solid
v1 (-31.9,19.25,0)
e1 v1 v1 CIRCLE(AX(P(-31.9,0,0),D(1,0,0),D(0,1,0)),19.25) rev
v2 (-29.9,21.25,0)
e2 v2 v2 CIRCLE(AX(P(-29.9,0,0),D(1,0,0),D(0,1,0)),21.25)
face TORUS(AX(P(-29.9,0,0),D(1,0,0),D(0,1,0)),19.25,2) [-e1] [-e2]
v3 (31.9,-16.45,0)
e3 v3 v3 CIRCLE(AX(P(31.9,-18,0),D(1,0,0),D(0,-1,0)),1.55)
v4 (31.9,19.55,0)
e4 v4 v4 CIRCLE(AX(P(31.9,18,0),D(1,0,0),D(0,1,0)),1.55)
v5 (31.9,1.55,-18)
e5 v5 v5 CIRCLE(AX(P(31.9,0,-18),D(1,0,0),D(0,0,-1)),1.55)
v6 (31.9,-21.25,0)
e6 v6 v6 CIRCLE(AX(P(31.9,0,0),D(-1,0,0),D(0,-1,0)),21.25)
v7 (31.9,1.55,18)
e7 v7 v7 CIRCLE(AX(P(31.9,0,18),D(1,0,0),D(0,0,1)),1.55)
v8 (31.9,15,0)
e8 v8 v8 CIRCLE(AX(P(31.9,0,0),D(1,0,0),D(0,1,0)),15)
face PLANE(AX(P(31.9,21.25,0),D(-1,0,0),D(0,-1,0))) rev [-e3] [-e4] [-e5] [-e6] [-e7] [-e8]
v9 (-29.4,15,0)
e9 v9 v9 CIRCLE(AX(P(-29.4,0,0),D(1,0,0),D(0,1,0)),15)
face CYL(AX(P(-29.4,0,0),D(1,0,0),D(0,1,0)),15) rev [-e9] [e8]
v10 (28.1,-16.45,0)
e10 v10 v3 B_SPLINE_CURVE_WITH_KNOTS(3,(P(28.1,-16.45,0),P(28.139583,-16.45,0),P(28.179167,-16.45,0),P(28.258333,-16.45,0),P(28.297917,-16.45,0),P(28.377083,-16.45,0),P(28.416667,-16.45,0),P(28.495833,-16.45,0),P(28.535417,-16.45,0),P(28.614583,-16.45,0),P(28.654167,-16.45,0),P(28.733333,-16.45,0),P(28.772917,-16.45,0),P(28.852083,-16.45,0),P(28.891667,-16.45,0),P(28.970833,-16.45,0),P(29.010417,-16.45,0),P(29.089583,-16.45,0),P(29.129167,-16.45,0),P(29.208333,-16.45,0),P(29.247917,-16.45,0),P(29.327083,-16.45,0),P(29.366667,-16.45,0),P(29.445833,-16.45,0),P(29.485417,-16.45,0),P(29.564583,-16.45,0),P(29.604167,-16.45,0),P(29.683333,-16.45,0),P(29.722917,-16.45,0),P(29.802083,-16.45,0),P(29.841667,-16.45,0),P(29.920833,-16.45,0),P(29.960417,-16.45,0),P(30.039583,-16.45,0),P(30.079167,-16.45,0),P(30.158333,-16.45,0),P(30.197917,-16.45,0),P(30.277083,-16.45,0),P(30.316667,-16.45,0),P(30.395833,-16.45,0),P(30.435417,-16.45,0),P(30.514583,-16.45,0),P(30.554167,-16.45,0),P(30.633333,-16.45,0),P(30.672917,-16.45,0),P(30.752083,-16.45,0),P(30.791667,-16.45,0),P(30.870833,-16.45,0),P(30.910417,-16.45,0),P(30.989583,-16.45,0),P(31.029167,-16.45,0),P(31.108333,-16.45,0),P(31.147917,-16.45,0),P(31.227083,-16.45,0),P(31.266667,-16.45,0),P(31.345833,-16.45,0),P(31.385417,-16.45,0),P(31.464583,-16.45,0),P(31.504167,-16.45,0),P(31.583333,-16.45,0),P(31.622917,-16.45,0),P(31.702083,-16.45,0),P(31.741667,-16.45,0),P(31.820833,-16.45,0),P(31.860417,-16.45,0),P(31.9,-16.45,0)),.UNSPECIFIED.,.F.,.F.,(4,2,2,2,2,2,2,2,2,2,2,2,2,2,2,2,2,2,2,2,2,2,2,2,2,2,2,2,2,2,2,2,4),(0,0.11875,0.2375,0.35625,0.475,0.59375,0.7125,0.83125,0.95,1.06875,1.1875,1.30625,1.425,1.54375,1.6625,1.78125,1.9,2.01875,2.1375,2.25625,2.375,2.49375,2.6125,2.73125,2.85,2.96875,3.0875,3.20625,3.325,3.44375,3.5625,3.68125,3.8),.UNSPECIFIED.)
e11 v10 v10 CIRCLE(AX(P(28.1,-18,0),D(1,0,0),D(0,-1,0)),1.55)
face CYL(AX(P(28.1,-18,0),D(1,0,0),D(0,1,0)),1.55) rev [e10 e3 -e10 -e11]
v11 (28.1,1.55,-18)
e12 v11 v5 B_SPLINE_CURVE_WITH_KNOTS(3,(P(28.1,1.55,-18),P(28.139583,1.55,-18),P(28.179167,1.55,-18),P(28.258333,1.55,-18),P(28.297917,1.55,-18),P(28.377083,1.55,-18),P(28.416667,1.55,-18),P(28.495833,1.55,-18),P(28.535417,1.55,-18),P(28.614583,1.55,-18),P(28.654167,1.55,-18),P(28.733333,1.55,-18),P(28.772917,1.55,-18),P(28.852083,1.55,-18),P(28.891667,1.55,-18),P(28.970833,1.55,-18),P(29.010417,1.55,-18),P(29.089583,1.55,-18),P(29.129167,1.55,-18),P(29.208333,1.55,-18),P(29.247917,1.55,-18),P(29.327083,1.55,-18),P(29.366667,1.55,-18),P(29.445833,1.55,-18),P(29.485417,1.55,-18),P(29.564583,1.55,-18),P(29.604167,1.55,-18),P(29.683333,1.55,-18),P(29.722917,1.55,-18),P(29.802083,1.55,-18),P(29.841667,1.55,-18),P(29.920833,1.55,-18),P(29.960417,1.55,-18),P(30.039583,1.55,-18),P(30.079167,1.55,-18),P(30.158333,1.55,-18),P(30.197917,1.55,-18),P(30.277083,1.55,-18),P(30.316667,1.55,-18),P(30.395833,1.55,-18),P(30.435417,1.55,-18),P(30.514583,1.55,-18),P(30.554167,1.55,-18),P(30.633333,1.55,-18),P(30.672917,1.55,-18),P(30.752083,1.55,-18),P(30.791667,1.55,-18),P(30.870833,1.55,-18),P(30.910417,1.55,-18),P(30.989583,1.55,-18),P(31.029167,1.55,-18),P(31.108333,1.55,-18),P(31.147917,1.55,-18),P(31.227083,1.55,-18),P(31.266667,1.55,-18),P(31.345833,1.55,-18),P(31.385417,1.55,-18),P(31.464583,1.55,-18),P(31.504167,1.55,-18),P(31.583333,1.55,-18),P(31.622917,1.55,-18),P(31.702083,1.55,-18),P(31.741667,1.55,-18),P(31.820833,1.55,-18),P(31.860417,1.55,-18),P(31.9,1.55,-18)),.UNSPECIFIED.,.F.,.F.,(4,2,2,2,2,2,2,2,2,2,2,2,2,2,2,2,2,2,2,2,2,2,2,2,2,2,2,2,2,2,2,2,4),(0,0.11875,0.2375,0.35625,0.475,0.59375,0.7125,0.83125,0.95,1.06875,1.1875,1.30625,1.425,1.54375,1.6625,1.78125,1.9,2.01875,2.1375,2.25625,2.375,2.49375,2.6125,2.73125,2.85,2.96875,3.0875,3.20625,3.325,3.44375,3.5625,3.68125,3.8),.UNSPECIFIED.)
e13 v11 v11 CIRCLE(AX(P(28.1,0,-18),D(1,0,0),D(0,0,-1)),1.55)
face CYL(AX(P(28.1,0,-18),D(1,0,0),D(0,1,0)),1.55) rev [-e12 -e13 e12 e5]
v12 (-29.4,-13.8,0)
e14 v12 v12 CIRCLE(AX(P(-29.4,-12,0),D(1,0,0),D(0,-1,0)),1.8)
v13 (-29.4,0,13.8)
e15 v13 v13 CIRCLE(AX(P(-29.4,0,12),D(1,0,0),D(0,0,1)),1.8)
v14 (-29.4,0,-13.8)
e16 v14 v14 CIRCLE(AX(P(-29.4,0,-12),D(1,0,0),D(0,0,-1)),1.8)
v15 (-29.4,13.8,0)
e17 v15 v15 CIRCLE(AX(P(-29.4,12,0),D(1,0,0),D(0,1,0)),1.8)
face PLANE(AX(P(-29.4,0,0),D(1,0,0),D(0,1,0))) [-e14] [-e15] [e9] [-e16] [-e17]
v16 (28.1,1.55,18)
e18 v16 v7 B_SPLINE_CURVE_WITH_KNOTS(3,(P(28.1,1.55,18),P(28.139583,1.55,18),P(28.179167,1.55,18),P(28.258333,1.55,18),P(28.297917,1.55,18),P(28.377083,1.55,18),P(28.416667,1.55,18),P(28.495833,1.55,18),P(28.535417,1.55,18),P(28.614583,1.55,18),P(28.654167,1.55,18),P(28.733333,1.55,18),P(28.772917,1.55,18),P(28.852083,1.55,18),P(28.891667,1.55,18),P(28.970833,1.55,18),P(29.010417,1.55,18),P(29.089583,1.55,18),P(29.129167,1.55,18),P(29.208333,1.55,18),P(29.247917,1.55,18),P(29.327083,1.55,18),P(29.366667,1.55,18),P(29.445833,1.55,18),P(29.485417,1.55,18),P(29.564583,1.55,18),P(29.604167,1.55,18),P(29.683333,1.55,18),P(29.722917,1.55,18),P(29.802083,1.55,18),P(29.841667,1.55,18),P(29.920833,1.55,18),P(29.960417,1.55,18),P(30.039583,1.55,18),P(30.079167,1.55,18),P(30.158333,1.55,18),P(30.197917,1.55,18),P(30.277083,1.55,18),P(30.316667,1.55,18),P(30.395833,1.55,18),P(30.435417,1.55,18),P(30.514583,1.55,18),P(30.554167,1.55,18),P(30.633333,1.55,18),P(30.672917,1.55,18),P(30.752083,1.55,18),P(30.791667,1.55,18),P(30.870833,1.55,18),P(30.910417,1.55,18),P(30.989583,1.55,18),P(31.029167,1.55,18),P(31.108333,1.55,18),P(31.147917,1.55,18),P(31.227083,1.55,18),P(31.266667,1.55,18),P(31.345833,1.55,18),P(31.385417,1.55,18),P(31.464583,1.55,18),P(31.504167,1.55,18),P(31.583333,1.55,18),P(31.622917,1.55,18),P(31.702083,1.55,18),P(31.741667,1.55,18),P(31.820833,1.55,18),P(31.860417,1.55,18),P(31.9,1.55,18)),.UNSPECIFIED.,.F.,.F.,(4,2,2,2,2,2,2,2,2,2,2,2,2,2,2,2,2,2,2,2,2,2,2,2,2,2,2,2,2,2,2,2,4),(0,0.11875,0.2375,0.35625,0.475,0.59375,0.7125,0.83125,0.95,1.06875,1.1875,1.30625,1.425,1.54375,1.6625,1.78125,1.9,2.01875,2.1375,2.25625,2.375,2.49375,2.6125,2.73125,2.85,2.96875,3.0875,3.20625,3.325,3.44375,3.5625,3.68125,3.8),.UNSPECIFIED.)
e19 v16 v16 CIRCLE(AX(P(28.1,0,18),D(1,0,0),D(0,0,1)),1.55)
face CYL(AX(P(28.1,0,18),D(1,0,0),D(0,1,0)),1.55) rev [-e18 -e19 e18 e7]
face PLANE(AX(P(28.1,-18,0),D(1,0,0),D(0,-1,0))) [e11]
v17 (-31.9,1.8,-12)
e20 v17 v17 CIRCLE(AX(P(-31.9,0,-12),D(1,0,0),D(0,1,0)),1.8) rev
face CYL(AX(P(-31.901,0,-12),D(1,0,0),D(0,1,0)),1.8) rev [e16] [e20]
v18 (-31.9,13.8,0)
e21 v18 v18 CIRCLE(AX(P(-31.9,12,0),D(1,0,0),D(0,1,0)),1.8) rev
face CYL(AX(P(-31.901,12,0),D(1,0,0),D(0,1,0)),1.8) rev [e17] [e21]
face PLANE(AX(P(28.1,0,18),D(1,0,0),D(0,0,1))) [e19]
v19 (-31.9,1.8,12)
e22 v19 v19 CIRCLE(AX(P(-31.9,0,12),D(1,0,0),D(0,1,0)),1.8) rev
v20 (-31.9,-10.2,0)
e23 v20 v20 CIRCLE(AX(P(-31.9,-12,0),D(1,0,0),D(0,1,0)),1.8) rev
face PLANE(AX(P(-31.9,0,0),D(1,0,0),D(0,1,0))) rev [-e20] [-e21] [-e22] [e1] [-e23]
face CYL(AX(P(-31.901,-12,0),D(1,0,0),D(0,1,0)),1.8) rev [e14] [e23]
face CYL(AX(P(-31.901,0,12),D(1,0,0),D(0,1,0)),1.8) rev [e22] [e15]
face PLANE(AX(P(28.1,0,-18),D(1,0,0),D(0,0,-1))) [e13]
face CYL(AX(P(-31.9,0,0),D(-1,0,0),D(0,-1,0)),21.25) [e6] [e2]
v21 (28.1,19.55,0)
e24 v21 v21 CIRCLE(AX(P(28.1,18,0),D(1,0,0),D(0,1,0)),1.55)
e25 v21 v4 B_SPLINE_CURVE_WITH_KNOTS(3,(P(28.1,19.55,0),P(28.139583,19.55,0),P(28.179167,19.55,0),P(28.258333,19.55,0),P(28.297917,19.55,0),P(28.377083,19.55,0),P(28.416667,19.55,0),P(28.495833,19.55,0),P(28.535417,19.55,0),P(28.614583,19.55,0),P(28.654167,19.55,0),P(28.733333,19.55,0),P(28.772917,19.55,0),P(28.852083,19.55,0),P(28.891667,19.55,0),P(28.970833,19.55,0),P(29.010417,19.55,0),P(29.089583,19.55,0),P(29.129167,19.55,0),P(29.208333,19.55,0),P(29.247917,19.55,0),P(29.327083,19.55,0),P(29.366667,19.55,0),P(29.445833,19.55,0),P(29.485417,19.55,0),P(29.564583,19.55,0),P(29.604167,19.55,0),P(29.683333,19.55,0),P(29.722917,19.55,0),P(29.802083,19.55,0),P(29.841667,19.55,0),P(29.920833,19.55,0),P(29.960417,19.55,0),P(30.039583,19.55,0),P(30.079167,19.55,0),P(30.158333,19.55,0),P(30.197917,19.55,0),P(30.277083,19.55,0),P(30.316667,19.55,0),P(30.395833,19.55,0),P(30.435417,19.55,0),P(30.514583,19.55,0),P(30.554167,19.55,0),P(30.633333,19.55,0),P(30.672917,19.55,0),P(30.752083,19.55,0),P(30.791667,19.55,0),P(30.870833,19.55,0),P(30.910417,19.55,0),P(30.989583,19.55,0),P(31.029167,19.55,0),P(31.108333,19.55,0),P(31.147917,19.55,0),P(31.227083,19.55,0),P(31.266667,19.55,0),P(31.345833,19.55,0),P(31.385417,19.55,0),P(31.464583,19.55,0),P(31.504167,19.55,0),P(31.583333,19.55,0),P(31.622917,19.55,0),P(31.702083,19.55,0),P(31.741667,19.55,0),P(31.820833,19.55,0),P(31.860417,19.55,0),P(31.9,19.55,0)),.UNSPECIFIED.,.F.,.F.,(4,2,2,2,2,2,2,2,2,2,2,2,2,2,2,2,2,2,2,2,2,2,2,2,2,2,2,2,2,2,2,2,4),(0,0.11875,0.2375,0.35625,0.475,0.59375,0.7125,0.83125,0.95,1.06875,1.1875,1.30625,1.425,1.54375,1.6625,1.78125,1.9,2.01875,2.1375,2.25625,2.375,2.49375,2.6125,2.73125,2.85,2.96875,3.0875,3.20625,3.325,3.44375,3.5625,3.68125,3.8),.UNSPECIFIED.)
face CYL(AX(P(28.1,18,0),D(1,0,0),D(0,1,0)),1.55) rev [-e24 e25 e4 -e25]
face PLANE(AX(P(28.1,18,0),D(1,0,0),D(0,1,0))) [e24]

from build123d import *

# Parameters (mm, degrees)
SKETCH1_W          = 63.8
SKETCH1_H          = 21.25
SKETCH2_R          = 15
CUT_EXTRUDE1_DEPTH = 61.3
SKETCH3_R          = 1.55
CUT_EXTRUDE2_DEPTH = 3.8
CIRPATTERN1_COUNT  = 4
CUT_EXTRUDE3_REACH = 70.27
SKETCH4_R          = 1.8
CIRPATTERN2_COUNT  = 4
FILLET1_R          = 2


with BuildPart() as part:
    # Sketch1 → Revolve1 (revolve)
    with BuildSketch(Plane.XY):
        with Locations((0, 10.625)):
            Rectangle(SKETCH1_W, SKETCH1_H)
    revolve(axis=Axis((-31.9, 0, 0), (1, 0, 0)))

    # Sketch2 → Cut-Extrude1 (cut)
    with BuildSketch(Plane(origin=(31.9, 0, 0), x_dir=(0, 0, -1), z_dir=(1, 0, 0))):
        Circle(SKETCH2_R)
    extrude(amount=-CUT_EXTRUDE1_DEPTH, mode=Mode.SUBTRACT)

    # Sketch3 → Cut-Extrude2 (cut)
    with BuildSketch(Plane(origin=(31.9, 0, 0), x_dir=(0, 0, -1), z_dir=(1, 0, 0))):
        with Locations((0, 18)):
            Circle(SKETCH3_R)
    cut_extrude2 = extrude(amount=-CUT_EXTRUDE2_DEPTH, mode=Mode.SUBTRACT)

    # CirPattern1: Cut-Extrude2 ×4 about axis
    cirpattern1_axis = Axis((31.9, 0, 0), (-1, 0, 0))
    for i in range(1, CIRPATTERN1_COUNT):
        add(cut_extrude2.rotate(cirpattern1_axis, i * 360 / CIRPATTERN1_COUNT), mode=Mode.SUBTRACT)

    # Sketch4 → Cut-Extrude3 (cut, up to next)
    with BuildSketch(Plane(origin=(-29.4, 0, 0), x_dir=(0, 0, -1), z_dir=(1, 0, 0)), mode=Mode.PRIVATE) as cut_extrude3_sk1:
        with Locations((0, 12)):
            Circle(SKETCH4_R)
    cut_extrude3_tool1 = extrude(cut_extrude3_sk1.sketch, amount=-CUT_EXTRUDE3_REACH, mode=Mode.PRIVATE) & part.part
    cut_extrude3 = cut_extrude3_tool1.solids().sort_by_distance((-29.4, 12, 0))[0]
    add(cut_extrude3, mode=Mode.SUBTRACT)

    # CirPattern2: Cut-Extrude3 ×4 about axis
    cirpattern2_axis = Axis((-29.4, 0, 0), (1, 0, 0))
    for i in range(1, CIRPATTERN2_COUNT):
        add(cut_extrude3.rotate(cirpattern2_axis, i * 360 / CIRPATTERN2_COUNT), mode=Mode.SUBTRACT)

    # Fillet1
    fillet1_edges = [part.edges().sort_by_distance(p)[0] for p in [
        (-31.9, -21.25, 0),
    ]]
    fillet(fillet1_edges, radius=FILLET1_R)


solid = part.part
